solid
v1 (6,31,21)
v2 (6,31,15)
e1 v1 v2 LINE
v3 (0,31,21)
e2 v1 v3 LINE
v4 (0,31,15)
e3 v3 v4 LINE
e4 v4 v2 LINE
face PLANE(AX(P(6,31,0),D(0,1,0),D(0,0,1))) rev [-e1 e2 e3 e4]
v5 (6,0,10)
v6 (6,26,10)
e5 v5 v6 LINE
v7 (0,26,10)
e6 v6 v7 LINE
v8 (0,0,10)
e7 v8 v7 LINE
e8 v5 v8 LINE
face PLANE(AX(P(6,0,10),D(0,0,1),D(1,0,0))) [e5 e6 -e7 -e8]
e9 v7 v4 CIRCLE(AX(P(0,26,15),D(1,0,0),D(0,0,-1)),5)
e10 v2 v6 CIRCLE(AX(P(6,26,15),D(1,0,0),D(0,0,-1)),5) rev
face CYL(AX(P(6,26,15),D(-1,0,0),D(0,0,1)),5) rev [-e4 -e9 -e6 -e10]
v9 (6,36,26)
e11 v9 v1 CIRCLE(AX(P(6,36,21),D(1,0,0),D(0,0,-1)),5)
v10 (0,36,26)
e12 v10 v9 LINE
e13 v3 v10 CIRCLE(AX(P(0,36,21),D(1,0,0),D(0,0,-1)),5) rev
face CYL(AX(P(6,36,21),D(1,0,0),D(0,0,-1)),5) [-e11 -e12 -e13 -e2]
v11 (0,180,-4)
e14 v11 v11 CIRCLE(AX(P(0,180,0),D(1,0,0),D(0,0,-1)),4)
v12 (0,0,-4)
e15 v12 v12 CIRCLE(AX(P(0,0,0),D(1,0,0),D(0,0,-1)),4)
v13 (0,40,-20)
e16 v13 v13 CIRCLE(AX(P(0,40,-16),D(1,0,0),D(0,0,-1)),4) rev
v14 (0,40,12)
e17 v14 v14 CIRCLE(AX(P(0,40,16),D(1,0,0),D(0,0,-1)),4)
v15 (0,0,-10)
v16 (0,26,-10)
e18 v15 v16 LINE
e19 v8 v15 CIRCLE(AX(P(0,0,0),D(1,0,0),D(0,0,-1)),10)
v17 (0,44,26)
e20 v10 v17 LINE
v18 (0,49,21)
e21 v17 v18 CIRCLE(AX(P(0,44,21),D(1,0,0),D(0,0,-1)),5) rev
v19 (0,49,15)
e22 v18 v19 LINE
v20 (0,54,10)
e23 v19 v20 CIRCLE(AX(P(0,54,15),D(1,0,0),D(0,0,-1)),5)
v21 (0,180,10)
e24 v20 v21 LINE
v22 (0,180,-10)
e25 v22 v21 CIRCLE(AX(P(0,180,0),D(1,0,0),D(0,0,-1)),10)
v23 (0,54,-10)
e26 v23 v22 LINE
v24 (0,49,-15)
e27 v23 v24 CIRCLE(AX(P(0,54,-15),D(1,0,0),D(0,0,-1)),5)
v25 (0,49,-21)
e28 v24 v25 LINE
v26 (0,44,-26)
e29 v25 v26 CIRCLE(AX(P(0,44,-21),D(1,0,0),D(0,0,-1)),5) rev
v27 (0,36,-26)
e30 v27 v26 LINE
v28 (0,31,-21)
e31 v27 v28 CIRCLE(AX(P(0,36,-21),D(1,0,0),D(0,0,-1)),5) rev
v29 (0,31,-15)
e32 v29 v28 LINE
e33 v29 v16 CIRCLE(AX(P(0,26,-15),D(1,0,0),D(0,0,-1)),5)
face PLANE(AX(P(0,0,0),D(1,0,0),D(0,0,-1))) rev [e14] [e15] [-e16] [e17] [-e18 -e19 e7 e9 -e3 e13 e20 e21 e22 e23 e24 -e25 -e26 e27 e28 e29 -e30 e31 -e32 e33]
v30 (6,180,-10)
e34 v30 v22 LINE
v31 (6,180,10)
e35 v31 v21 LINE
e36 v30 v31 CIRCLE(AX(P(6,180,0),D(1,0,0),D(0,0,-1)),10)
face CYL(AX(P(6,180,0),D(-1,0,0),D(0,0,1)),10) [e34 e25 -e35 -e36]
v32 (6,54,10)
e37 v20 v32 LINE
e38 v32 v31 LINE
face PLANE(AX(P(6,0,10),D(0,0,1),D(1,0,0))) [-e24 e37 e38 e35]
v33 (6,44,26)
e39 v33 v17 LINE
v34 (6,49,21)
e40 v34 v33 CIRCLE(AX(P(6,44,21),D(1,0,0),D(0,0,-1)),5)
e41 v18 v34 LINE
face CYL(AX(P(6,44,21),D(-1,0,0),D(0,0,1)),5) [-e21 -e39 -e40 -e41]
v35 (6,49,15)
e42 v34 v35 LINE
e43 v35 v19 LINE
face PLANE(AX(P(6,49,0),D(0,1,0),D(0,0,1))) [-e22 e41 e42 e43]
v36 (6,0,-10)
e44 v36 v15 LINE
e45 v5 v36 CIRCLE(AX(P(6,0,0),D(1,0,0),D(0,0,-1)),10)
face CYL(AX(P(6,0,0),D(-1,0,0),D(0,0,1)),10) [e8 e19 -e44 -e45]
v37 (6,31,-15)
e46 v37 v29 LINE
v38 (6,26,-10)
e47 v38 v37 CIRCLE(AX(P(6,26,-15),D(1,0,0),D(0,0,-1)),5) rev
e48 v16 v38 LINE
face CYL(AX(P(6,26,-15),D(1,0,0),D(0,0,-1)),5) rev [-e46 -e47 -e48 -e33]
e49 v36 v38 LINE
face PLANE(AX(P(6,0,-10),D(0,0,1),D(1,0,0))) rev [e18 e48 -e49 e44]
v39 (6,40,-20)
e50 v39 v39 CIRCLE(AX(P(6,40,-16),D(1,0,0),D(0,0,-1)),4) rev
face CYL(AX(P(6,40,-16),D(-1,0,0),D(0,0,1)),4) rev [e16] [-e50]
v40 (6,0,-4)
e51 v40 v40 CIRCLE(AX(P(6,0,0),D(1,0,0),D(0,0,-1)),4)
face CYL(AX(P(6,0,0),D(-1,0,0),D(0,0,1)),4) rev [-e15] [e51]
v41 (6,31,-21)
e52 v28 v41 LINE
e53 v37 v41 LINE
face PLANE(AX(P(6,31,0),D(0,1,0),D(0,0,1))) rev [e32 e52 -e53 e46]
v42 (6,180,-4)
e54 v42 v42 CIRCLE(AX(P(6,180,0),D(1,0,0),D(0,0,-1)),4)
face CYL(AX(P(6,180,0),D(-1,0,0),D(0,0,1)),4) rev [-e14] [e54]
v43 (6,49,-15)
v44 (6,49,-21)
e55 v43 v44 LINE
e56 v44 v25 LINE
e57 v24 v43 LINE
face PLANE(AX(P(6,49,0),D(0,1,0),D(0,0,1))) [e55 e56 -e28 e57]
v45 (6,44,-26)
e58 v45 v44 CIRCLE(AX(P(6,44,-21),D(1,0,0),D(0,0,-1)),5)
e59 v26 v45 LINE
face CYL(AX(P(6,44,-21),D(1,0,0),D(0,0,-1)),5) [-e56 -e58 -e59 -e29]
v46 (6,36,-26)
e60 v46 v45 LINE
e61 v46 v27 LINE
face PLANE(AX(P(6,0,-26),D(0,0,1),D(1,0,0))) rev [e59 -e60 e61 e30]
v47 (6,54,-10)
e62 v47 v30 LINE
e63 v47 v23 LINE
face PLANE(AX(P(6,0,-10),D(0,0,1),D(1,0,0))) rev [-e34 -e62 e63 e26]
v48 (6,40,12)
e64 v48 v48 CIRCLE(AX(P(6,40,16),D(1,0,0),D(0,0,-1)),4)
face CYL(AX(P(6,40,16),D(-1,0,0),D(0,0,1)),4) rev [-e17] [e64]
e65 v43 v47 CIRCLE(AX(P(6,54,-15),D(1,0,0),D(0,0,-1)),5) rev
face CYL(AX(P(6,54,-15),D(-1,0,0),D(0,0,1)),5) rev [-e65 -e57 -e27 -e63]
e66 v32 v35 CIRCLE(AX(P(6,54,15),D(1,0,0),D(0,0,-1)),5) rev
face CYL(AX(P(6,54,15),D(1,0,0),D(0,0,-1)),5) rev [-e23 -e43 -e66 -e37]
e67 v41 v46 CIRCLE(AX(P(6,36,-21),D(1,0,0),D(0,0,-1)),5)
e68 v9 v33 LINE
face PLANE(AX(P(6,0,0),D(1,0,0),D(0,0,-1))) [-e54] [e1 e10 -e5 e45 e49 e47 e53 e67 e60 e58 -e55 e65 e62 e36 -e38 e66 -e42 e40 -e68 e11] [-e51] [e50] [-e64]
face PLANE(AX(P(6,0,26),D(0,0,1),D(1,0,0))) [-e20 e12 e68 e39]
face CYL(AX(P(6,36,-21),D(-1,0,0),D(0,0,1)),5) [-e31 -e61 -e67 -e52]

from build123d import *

# Parameters (mm, degrees)
SKETCH2_R           = 4
SKETCH2_W           = 52
SKETCH2_H           = 18
BOSS_EXTRUDE1_DEPTH = 6
FILLET1_R           = 5


with BuildPart() as part:
    # Sketch2 → Boss-Extrude1 (new body)
    with BuildSketch(Plane(origin=(0, 0, 0), x_dir=(0, 0, -1), z_dir=(1, 0, 0))):
        with BuildLine():
            Line((-10, 0), (-10, 180))
            ThreePointArc((-10, 180), (0, 190), (10, 180))
            Line((10, 180), (10, 0))
            ThreePointArc((10, 0), (0, -10), (-10, 0))
        make_face()
        Circle(SKETCH2_R, mode=Mode.SUBTRACT)
        with Locations((0, 180)):
            Circle(SKETCH2_R, mode=Mode.SUBTRACT)
        with Locations((0, 40)):
            Rectangle(SKETCH2_W, SKETCH2_H)
        with Locations((-16, 40)):
            Circle(SKETCH2_R, mode=Mode.SUBTRACT)
        with Locations((16, 40)):
            Circle(SKETCH2_R, mode=Mode.SUBTRACT)
    extrude(amount=BOSS_EXTRUDE1_DEPTH)

    # Fillet1
    fillet1_edges = [part.edges().sort_by_distance(p)[0] for p in [
        (3, 49, 10),
        (3, 49, -10),
        (3, 49, -26),
        (3, 31, -26),
        (3, 31, -10),
        (3, 31, 10),
        (3, 31, 26),
        (3, 49, 26),
    ]]
    fillet(fillet1_edges, radius=FILLET1_R)


solid = part.part
